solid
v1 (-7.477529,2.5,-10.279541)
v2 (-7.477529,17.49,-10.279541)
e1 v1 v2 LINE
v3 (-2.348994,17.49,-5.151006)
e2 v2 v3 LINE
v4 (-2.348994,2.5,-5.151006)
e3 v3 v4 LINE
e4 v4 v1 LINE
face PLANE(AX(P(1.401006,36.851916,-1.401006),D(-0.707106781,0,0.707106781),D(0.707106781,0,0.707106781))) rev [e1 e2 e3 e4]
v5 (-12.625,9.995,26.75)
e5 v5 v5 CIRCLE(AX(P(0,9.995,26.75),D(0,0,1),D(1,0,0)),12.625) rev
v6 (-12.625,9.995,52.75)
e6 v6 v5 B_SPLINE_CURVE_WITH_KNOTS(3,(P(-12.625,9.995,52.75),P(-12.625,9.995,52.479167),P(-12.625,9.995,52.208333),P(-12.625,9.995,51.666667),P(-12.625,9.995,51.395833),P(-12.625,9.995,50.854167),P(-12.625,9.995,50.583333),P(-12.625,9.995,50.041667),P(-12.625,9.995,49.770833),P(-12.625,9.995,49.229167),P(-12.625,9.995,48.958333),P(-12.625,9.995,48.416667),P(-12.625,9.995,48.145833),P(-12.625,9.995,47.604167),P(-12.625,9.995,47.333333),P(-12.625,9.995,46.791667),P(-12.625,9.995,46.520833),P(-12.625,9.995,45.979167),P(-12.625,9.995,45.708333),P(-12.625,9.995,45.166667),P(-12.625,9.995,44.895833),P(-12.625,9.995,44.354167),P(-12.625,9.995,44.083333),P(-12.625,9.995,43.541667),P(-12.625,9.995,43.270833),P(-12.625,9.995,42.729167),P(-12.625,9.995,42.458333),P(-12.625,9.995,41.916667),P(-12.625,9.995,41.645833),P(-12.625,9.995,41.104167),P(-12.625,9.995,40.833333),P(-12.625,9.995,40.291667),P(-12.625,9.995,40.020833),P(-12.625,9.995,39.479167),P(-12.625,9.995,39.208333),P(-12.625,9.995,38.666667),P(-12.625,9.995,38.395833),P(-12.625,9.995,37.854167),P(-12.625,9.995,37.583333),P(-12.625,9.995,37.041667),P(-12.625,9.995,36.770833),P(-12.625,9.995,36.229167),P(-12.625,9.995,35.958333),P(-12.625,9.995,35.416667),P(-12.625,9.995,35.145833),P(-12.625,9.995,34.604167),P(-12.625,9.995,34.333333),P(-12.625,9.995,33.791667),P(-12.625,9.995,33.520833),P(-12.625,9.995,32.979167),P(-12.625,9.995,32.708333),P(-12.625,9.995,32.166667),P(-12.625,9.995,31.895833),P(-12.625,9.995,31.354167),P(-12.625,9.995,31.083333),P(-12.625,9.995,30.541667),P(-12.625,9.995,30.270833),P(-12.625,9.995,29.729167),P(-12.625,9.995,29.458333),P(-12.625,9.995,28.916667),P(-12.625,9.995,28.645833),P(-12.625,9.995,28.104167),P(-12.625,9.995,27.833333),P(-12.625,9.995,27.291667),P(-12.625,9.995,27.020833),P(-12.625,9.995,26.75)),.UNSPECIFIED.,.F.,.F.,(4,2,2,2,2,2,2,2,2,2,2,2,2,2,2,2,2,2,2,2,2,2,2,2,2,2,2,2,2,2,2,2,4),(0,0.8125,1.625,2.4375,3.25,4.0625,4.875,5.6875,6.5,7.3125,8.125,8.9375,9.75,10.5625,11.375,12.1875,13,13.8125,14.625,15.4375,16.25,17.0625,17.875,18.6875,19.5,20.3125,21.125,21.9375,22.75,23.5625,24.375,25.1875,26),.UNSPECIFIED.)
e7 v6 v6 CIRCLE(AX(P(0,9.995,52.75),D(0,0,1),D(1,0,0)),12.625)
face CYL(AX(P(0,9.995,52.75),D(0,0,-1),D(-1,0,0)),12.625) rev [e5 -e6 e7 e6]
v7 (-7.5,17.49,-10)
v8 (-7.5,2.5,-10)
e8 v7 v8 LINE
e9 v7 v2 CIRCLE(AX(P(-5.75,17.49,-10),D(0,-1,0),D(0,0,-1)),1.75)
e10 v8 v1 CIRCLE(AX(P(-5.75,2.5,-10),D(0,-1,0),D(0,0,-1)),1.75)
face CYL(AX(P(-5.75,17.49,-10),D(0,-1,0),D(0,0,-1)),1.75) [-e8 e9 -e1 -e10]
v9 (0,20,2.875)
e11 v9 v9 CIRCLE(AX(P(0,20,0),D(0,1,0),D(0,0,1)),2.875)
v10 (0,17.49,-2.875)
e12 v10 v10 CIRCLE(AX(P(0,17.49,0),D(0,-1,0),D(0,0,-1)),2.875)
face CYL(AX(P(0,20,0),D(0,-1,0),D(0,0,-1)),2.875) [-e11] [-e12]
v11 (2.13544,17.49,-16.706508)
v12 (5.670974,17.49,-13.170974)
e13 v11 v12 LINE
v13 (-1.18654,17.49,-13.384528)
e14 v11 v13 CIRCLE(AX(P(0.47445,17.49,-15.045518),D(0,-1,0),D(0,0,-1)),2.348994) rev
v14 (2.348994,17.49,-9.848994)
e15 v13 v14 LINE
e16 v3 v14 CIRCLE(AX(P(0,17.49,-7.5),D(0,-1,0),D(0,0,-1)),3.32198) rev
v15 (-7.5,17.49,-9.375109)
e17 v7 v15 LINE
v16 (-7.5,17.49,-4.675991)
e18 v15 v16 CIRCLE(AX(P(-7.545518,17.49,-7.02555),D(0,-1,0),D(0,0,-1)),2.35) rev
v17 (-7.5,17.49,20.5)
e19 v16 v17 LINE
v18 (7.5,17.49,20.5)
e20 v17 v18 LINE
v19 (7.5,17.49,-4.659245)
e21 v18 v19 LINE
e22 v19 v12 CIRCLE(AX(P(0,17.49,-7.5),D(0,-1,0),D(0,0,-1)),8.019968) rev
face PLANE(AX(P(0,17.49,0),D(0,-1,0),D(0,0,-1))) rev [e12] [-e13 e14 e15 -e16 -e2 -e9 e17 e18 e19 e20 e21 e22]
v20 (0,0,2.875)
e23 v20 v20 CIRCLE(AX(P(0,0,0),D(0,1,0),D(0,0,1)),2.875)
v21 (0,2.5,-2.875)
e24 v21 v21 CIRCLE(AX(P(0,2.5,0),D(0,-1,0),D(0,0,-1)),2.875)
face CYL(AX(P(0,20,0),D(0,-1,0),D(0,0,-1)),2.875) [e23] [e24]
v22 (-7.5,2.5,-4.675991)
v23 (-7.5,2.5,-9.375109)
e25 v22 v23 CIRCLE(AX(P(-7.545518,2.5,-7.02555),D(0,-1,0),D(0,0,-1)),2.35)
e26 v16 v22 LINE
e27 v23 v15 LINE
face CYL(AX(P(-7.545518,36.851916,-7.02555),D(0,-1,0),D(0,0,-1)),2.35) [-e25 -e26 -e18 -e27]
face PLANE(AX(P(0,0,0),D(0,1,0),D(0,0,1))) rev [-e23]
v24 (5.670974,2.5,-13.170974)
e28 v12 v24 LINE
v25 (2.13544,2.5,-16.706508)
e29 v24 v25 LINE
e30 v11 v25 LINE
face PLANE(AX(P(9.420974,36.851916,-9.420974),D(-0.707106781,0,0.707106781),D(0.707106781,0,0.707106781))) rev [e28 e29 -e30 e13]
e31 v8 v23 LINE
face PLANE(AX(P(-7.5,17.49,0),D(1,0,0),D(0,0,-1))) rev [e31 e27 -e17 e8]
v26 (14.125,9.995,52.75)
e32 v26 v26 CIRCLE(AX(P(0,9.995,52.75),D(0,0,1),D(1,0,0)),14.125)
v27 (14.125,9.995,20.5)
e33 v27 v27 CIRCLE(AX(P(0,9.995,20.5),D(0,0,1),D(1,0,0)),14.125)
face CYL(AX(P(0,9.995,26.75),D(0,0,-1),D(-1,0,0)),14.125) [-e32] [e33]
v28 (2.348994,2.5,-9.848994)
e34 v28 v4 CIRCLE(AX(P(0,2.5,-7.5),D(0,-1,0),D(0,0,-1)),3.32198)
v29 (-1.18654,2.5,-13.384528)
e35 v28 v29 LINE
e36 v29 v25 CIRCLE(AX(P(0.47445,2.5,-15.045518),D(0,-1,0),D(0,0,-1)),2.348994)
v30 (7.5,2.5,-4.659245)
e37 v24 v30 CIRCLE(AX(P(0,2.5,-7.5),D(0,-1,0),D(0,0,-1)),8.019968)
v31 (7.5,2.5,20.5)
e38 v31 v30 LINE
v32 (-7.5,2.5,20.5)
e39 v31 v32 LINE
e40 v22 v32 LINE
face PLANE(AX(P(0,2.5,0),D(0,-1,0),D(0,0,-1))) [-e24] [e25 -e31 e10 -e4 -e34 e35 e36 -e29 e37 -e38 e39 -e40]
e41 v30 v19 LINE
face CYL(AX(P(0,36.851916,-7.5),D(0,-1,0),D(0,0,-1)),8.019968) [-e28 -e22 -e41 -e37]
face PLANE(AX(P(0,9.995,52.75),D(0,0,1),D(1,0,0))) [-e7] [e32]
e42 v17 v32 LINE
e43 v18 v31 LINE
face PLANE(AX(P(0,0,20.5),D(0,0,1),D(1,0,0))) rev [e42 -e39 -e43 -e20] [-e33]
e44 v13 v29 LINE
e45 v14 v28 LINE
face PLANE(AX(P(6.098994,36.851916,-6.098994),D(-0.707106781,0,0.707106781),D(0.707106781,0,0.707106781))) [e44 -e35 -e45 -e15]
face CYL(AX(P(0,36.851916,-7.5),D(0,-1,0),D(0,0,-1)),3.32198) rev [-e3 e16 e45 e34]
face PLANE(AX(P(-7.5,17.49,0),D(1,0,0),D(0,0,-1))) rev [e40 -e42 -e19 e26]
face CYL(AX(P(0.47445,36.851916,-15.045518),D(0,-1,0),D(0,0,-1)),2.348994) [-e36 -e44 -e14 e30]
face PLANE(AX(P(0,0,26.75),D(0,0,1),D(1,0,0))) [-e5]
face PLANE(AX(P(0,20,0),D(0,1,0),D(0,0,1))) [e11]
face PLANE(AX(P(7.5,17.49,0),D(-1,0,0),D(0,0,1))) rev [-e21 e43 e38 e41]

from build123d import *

# Parameters (mm, degrees)
SKETCH1_R           = 2.875
BOSS_EXTRUDE1_DEPTH = 20
SKETCH2_R           = 2.875
BOSS_EXTRUDE2_DEPTH = 14.99
BOSS_EXTRUDE3_DEPTH = 14.99
SKETCH4_R           = 14.125
SKETCH4_W           = 15
SKETCH4_H           = 14.99
SKETCH4_H_2         = 7.495
BOSS_EXTRUDE4_DEPTH = 6.25
SKETCH5_R           = 14.125
SKETCH5_R_2         = 12.625
BOSS_EXTRUDE5_DEPTH = 26
BOSS_EXTRUDE8_DEPTH = 14.99
CUT_EXTRUDE3_DEPTH  = 59.732465681


with BuildPart() as part:
    # Sketch1 → Boss-Extrude1 (new body)
    with BuildSketch(Plane(origin=(0, 0, 0), x_dir=(1, 0, 0), z_dir=(0, 1, 0))):
        with Locations(Location((0, 0, 0), (0, 0, 270))):
            Circle(SKETCH1_R)
    extrude(amount=BOSS_EXTRUDE1_DEPTH)

    # Sketch2 → Boss-Extrude2 (add)
    with BuildSketch(Plane(origin=(0, 2.5, 0), x_dir=(-1, 0, 0), z_dir=(0, -1, 0))):
        with BuildLine():
            Line((-4, 7.5), (-4, 10))
            ThreePointArc((-4, 10), (-5.75, 11.75), (-7.5, 10))
            Line((-7.5, 10), (-7.5, 0))
            ThreePointArc((-7.5, 0), (0, -7.5), (7.5, 0))
            Line((7.5, 0), (7.5, 10))
            ThreePointArc((7.5, 10), (5.75, 11.75), (4, 10))
            Line((4, 10), (4, 7.5))
            ThreePointArc((4, 7.5), (0, 3.5), (-4, 7.5))
        make_face()
        with Locations(Location((0, 0, 0), (0, 0, 90))):
            Circle(SKETCH2_R, mode=Mode.SUBTRACT)
    extrude(amount=-BOSS_EXTRUDE2_DEPTH)

    # Sketch3 → Boss-Extrude3 (add)
    with BuildSketch(Plane(origin=(0, 2.5, 0), x_dir=(-1, 0, 0), z_dir=(0, -1, 0))):
        with BuildLine():
            Line((7.5, 0), (7.5, -20.5))
            Line((7.5, -20.5), (-7.5, -20.5))
            Line((-7.5, -20.5), (-7.5, 0))
            ThreePointArc((-7.5, 0), (0, -7.5), (7.5, 0))
        make_face()
    extrude(amount=-BOSS_EXTRUDE3_DEPTH)

    # Sketch4 → Boss-Extrude4 (add)
    # profile 1 of 3: a face of its own
    with BuildSketch(Plane.XY.offset(20.5)):
        with Locations((0, 9.995)):
            Circle(SKETCH4_R)
        with Locations((0, 9.995)):
            Rectangle(SKETCH4_W, SKETCH4_H, mode=Mode.SUBTRACT)
    # profile 2 of 3: a face of its own
    with BuildSketch(Plane.XY.offset(20.5)):
        with Locations((0, 13.7425)):
            Rectangle(SKETCH4_W, SKETCH4_H_2)
    # profile 3 of 3: a face of its own
    with BuildSketch(Plane.XY.offset(20.5)):
        with Locations((0, 6.2475)):
            Rectangle(SKETCH4_W, SKETCH4_H_2)
    extrude(amount=BOSS_EXTRUDE4_DEPTH)

    # Sketch5 → Boss-Extrude5 (add)
    with BuildSketch(Plane.XY.offset(26.75)):
        with Locations((0, 9.995)):
            Circle(SKETCH5_R)
        with Locations(Location((0, 9.995, 0), (0, 0, 180))):
            Circle(SKETCH5_R_2, mode=Mode.SUBTRACT)
    extrude(amount=BOSS_EXTRUDE5_DEPTH)

    # Sketch6 → Boss-Extrude8 (add)
    with BuildSketch(Plane(origin=(0, 2.5, 0), x_dir=(-1, 0, 0), z_dir=(0, -1, 0))):
        with BuildLine():
            Line((-2.135439924, 16.706507736), (-5.67097383, 13.17097383))
            ThreePointArc((-5.67097383, 13.17097383), (-6.629279887, 12.013594636), (-7.354872555, 10.697770796))
            ThreePointArc((-7.354872555, 10.697770796), (-5.393648327, 11.713334026), (-4, 10))
            Line((-4, 10), (-4, 7.5))
            ThreePointArc((-4, 7.5), (-0.388580969, 3.518919138), (3.924502415, 6.726513871))
            Line((3.924502415, 6.726513871), (2.348994272, 5.151005728))
            ThreePointArc((2.348994272, 5.151005728), (-2.348994272, 5.151005728), (-2.348994272, 9.848994272))
            Line((-2.348994272, 9.848994272), (1.186539634, 13.384528178))
            ThreePointArc((1.186539634, 13.384528178), (1.186539634, 16.706507736), (-2.135439924, 16.706507736))
        make_face()
        with BuildLine():
            ThreePointArc((-7.5, 10), (-7.463334026, 10.356351673), (-7.354872555, 10.697770796))
            ThreePointArc((-7.354872555, 10.697770796), (-8.017652884, 7.692692975), (-7.5, 4.659245108))
            Line((-7.5, 4.659245108), (-7.5, 10))
        make_face()
        with BuildLine():
            Line((7.5, 9.375108987), (7.5, 4.675990723))
            ThreePointArc((7.5, 4.675990723), (9.895517957, 7.025549855), (7.5, 9.375108987))
        make_face()
    extrude(amount=-BOSS_EXTRUDE8_DEPTH)

    # Sketch7 → Cut-Extrude3 (cut, through all)
    with BuildSketch(Plane(origin=(0, 2.5, 0), x_dir=(-1, 0, 0), z_dir=(0, -1, 0))):
        Polygon((3.924502415, 6.726513871), (1.023758885, 9.627257401), (6.777821546, 15.381320062), (9.647679203, 12.449690659), align=None)
    extrude(amount=-CUT_EXTRUDE3_DEPTH, mode=Mode.SUBTRACT)


solid = part.part
